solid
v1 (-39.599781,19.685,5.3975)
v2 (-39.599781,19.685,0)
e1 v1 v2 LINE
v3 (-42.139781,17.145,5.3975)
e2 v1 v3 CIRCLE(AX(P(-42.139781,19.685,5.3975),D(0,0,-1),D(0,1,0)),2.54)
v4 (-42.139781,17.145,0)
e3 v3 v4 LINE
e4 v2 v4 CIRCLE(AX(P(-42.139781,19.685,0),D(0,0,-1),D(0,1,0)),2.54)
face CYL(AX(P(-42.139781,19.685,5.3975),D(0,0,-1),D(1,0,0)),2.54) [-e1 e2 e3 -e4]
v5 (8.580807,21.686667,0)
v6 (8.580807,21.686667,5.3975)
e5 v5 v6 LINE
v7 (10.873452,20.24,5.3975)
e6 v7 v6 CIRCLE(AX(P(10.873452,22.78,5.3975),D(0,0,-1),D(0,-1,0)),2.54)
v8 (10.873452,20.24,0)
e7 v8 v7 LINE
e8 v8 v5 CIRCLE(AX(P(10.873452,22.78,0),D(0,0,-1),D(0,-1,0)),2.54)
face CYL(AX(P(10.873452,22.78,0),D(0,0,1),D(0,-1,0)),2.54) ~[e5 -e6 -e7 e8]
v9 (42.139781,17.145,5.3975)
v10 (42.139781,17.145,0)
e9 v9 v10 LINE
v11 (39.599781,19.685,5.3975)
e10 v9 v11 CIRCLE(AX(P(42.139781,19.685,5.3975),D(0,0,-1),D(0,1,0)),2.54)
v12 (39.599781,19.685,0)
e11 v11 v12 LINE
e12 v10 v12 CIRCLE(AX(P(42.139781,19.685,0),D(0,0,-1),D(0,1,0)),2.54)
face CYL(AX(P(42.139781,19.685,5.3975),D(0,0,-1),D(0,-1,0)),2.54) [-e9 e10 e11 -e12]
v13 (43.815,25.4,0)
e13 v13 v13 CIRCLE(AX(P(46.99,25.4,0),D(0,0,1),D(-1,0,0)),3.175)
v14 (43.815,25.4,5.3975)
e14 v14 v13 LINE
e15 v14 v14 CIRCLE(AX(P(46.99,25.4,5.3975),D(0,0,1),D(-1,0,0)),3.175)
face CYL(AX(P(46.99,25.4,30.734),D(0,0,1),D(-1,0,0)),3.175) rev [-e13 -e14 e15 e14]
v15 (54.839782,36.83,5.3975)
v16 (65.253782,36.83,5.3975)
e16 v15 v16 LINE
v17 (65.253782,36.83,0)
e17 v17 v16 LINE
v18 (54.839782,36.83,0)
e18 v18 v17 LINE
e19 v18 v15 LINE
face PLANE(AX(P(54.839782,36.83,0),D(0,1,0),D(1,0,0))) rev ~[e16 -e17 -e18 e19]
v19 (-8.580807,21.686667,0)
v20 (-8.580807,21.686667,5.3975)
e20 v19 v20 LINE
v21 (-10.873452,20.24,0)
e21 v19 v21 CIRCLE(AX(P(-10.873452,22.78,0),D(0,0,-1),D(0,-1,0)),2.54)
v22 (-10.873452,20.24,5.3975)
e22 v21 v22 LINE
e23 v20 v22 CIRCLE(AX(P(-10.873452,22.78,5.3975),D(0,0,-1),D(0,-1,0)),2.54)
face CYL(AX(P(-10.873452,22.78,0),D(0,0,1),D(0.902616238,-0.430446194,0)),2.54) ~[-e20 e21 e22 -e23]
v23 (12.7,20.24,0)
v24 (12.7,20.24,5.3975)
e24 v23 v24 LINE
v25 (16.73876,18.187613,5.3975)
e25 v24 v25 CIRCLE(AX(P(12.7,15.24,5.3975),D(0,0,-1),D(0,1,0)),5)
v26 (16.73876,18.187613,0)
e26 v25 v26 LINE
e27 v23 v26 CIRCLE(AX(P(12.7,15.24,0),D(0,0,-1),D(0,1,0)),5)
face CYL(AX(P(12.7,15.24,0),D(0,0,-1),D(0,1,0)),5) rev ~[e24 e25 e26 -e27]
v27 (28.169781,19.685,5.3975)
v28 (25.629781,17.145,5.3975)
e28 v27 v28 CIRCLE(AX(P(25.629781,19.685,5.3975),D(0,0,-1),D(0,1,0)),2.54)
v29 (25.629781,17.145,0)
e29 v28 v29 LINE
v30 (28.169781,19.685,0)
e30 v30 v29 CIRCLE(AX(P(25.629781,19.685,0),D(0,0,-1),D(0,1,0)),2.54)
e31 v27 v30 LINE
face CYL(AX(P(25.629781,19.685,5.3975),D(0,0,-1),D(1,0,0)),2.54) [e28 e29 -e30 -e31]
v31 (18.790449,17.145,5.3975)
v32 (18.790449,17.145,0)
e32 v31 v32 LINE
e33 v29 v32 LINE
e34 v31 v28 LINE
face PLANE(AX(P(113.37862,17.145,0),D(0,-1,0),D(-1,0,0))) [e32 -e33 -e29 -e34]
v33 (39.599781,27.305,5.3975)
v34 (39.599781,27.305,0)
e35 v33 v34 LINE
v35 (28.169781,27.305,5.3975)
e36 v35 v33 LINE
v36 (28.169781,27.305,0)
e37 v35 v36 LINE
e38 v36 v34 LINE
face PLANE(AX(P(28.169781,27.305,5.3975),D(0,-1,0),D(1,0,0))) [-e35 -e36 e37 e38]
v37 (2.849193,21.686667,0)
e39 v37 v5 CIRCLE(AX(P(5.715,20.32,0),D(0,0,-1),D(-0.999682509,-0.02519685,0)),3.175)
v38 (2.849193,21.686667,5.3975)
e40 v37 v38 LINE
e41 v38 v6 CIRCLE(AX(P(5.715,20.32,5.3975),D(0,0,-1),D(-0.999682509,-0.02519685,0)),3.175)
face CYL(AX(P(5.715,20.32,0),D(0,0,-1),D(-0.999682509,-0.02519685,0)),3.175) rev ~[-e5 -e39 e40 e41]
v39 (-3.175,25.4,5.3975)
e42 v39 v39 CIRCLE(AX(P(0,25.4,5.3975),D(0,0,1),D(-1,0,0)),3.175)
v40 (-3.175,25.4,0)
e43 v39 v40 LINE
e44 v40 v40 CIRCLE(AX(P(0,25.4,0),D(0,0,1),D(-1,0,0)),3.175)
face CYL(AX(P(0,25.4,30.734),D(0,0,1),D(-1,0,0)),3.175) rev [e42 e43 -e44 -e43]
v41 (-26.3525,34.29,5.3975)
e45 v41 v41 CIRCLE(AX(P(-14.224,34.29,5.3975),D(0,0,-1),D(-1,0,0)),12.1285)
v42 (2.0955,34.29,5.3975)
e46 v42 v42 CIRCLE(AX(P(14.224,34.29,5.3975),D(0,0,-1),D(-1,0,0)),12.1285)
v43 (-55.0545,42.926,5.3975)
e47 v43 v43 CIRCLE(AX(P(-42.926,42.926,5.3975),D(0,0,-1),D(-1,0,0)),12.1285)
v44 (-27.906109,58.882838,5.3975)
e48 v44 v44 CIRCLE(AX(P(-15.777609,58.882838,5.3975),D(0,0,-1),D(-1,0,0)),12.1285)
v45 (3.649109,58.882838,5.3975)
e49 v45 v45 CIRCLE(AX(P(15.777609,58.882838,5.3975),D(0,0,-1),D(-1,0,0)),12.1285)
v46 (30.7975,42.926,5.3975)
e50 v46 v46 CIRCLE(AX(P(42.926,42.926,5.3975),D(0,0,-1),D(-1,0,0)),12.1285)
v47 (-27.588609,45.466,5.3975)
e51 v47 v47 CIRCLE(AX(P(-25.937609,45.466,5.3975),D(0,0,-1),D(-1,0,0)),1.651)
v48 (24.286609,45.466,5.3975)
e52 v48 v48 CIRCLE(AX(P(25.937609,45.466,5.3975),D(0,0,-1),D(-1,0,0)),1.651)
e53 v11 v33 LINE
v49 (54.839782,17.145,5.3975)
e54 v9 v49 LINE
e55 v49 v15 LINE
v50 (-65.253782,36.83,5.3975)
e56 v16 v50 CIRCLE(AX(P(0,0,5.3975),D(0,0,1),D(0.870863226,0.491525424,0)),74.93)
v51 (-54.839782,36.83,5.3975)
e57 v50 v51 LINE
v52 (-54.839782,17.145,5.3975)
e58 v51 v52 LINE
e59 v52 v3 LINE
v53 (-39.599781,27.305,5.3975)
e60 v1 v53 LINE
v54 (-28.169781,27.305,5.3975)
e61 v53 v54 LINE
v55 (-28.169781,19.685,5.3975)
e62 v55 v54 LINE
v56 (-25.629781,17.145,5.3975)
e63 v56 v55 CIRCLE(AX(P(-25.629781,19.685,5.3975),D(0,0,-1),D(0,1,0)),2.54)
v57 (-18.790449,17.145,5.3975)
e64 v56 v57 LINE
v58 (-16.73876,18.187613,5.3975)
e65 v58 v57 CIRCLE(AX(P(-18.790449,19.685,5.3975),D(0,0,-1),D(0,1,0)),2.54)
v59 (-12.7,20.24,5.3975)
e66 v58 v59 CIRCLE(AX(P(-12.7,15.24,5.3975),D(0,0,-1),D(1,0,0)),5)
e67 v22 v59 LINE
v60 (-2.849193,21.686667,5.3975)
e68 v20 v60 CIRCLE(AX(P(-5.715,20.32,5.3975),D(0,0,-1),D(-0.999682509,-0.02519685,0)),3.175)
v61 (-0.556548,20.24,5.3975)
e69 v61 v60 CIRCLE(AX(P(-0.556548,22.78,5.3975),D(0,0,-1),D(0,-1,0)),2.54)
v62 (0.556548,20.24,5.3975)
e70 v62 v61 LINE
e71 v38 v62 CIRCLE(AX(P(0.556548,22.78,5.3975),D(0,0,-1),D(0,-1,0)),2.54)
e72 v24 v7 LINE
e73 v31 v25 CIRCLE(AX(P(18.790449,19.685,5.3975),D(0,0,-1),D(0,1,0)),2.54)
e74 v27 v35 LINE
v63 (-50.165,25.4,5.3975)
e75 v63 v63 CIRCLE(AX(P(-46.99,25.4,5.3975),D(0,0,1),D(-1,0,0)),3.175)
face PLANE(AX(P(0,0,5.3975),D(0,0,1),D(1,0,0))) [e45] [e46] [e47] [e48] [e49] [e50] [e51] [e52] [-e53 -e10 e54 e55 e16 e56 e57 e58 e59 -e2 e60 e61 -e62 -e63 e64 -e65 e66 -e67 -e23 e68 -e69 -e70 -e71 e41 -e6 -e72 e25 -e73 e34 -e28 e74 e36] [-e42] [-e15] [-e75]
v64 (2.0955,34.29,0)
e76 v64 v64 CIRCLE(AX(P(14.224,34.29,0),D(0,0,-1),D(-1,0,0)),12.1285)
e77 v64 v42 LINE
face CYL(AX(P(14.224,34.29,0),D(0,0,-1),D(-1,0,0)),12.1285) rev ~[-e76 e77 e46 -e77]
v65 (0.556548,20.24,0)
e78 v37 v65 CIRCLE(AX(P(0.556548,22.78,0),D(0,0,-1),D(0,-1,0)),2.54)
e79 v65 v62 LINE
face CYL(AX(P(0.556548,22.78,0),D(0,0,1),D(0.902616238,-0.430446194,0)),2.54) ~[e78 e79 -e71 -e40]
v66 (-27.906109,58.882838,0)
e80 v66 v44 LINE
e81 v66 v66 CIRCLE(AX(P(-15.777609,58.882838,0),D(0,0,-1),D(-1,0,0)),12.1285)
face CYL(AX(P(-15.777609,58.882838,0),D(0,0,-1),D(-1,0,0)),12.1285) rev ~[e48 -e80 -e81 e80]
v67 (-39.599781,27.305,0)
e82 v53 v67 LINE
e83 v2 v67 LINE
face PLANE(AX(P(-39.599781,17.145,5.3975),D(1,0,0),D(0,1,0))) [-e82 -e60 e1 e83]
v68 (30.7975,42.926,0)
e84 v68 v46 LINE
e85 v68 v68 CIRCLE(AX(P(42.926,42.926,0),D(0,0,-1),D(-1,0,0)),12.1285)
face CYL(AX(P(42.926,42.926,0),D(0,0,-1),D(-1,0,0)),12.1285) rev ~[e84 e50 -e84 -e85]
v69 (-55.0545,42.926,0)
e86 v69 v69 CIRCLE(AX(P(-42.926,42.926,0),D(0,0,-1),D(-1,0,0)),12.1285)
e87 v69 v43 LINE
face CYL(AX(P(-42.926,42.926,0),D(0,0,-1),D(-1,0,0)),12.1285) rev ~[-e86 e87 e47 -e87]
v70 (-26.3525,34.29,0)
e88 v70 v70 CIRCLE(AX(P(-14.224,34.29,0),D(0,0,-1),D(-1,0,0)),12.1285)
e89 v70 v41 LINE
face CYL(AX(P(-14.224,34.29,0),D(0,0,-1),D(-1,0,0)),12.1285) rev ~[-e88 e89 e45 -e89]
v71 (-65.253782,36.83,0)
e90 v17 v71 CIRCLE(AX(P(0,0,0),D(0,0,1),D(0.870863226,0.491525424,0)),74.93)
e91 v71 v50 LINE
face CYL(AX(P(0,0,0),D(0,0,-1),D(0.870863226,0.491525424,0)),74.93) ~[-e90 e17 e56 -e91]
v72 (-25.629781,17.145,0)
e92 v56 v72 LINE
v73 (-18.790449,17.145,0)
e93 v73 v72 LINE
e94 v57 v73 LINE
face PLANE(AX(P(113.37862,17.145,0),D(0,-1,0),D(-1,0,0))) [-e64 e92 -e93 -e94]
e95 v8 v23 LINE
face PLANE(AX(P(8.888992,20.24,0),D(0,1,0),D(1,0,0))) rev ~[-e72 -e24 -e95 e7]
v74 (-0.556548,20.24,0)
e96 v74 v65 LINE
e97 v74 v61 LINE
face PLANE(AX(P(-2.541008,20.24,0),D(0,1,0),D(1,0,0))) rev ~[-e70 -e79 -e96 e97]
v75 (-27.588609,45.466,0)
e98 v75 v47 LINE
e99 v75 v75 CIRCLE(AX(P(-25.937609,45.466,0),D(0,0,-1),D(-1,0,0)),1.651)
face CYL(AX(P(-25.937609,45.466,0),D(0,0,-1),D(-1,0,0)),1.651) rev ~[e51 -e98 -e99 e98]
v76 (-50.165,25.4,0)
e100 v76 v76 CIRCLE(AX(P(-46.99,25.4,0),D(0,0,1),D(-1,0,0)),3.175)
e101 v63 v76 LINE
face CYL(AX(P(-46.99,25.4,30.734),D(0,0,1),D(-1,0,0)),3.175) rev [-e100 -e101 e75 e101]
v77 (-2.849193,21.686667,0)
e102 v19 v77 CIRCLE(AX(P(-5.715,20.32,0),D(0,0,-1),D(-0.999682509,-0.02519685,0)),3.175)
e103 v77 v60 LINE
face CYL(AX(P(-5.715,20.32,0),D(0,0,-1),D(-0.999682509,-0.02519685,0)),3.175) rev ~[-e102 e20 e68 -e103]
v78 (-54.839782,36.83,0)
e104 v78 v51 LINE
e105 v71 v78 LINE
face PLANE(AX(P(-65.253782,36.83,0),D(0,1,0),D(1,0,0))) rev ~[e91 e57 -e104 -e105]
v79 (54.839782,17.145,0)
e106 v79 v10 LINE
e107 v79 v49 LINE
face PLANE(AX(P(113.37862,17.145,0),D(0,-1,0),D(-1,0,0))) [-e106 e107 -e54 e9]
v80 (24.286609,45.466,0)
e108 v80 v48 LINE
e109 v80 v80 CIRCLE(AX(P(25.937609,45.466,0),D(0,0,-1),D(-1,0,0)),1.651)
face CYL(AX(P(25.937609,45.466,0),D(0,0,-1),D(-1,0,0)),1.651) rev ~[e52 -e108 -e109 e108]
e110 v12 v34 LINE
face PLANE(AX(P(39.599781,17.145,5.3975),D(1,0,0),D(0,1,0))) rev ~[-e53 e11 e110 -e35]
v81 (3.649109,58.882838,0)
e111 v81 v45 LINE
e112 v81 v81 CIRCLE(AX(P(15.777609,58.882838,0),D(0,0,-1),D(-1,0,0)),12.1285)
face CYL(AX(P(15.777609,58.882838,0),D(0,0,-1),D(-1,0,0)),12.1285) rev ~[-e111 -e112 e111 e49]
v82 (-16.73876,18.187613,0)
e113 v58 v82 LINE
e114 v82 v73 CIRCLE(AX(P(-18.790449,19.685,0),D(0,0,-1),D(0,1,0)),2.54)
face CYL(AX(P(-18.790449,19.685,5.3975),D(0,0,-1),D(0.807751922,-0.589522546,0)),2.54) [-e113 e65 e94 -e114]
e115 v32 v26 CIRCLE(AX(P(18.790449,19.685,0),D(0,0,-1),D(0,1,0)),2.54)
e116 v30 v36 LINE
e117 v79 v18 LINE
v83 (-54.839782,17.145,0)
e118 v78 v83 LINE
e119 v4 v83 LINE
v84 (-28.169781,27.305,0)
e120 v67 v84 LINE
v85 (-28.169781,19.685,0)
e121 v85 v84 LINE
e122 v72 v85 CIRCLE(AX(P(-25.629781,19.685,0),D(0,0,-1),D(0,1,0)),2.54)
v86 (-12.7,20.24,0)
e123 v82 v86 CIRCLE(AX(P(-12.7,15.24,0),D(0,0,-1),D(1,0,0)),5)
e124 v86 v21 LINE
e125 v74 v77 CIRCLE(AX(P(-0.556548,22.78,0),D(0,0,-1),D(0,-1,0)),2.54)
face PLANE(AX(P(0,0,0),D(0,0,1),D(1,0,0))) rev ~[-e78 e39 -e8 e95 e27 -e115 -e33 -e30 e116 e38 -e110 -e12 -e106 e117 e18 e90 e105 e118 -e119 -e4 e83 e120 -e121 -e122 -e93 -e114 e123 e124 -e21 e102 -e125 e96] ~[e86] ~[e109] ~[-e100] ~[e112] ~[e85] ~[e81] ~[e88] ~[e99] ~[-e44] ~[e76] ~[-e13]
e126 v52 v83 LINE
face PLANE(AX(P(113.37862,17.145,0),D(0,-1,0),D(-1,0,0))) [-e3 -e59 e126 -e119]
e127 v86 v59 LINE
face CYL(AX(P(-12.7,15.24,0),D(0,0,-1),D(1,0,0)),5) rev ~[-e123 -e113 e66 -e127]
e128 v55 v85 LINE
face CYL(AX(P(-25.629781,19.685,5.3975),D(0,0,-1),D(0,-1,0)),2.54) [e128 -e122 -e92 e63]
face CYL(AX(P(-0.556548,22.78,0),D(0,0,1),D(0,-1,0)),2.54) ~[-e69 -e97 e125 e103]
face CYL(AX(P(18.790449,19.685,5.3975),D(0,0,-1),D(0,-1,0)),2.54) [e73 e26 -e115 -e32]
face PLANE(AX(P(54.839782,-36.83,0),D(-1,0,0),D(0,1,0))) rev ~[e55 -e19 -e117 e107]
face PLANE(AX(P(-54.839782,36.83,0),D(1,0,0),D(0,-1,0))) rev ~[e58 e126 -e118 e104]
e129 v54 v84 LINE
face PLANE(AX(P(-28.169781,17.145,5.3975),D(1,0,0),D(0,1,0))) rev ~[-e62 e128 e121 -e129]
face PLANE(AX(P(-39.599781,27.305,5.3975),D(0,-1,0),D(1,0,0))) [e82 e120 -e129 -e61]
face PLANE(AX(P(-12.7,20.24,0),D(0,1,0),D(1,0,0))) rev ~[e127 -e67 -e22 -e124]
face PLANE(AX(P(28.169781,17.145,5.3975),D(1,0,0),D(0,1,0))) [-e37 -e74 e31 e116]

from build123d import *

# Parameters (mm, degrees)
SKETCH1_R                 = 1.651
BOSS_EXTRUDE2_DEPTH       = 5.3975
SKETCH2_R                 = 1.143
CUT_EXTRUDE1_DEPTH        = 6.3975
SKETCH3_R                 = 12.1285
CUT_EXTRUDE2_DEPTH        = 6.3975
SKETCH4_W                 = 28.562713242
SKETCH4_H                 = 11.677503754
BOSS_EXTRUDE3_DEPTH       = 5.3975
SKETCH5_W                 = 230.699333954
SKETCH5_H                 = 107.587024537
CUT_EXTRUDE3_DEPTH        = 6.3975
SKETCH6_R                 = 12.1285
CUT_EXTRUDE4_DEPTH        = 6.3975
SKETCH162_W               = 11.43
SKETCH162_H               = 10.16
CUT_EXTRUDE159_DEPTH      = 6.3975
SKETCH202_R               = 1.651
CUT_EXTRUDE199_DEPTH      = 35.56
SKETCH203_R               = 3.175
CUT_EXTRUDE200_DEPTH      = 103.378
CUT_EXTRUDE200_DEPTH_BACK = 48.768
CUT_EXTRUDE162_DEPTH      = 30.48
FILLET1_R                 = 2.54


with BuildPart() as part:
    # Sketch1 → Boss-Extrude2 (new body)
    with BuildSketch(Plane.XY):
        with BuildLine():
            Line((-65.2537815, 36.83), (-54.8397815, 36.83))
            Line((-54.8397815, 36.83), (-54.8397815, -36.83))
            Line((-54.8397815, -36.83), (-65.2537815, -36.83))
            ThreePointArc((-65.2537815, -36.83), (0, -74.93), (65.2537815, -36.83))
            Line((65.2537815, -36.83), (54.8397815, -36.83))
            Line((54.8397815, -36.83), (54.8397815, 36.83))
            Line((54.8397815, 36.83), (65.2537815, 36.83))
            ThreePointArc((65.2537815, 36.83), (0, 74.93), (-65.2537815, 36.83))
        make_face()
        with Locations((-45.466, 11.049)):
            Circle(SKETCH1_R, mode=Mode.SUBTRACT)
        with Locations((-20.067270032, 10.795)):
            Circle(SKETCH1_R, mode=Mode.SUBTRACT)
        with Locations((-20.067270032, -10.795)):
            Circle(SKETCH1_R, mode=Mode.SUBTRACT)
        with Locations((-45.466, -11.049)):
            Circle(SKETCH1_R, mode=Mode.SUBTRACT)
        with Locations((45.466, -11.049)):
            Circle(SKETCH1_R, mode=Mode.SUBTRACT)
        with Locations((20.067270032, -10.795)):
            Circle(SKETCH1_R, mode=Mode.SUBTRACT)
        with Locations((20.067270032, 10.795)):
            Circle(SKETCH1_R, mode=Mode.SUBTRACT)
        with Locations((45.466, 11.049)):
            Circle(SKETCH1_R, mode=Mode.SUBTRACT)
    extrude(amount=BOSS_EXTRUDE2_DEPTH)

    # Sketch2 → Cut-Extrude1 (cut, through all)
    with BuildSketch(Plane.XY.offset(5.3975)):
        with Locations((-6.731, 62.23)):
            Circle(SKETCH2_R)
        with Locations((6.731, 62.23)):
            Circle(SKETCH2_R)
    extrude(amount=-CUT_EXTRUDE1_DEPTH, mode=Mode.SUBTRACT)

    # Sketch3 → Cut-Extrude2 (cut, through all)
    with BuildSketch(Plane(origin=(0, 0, 0), x_dir=(-1, 0, 0), z_dir=(0, 0, -1))):
        with Locations((-14.224, -56.725087043)):
            Circle(SKETCH3_R)
        with Locations((14.224, -56.725087043)):
            Circle(SKETCH3_R)
        with Locations((-42.926, -42.926)):
            Circle(SKETCH3_R)
        with Locations((14.224, 34.29)):
            Circle(SKETCH3_R)
        with Locations((-14.224, 34.29)):
            Circle(SKETCH3_R)
        with Locations((-42.926, 42.926)):
            Circle(SKETCH3_R)
        with Locations((42.926, 42.926)):
            Circle(SKETCH3_R)
        with Locations((42.926, -42.926)):
            Circle(SKETCH3_R)
    extrude(amount=-CUT_EXTRUDE2_DEPTH, mode=Mode.SUBTRACT)

    # Sketch4 → Boss-Extrude3 (add)
    with BuildSketch(Plane(origin=(0, 0, 0), x_dir=(-1, 0, 0), z_dir=(0, 0, -1))):
        with Locations((-1.488809975, 62.152540216)):
            Rectangle(SKETCH4_W, SKETCH4_H)
    extrude(amount=-BOSS_EXTRUDE3_DEPTH)

    # Sketch5 → Cut-Extrude3 (cut, through all)
    with BuildSketch(Plane(origin=(0, 0, 0), x_dir=(-1, 0, 0), z_dir=(0, 0, -1))):
        with Locations((1.971047261, -36.648512269)):
            Rectangle(SKETCH5_W, SKETCH5_H)
    extrude(amount=-CUT_EXTRUDE3_DEPTH, mode=Mode.SUBTRACT)

    # Sketch6 → Cut-Extrude4 (cut, through all)
    with BuildSketch(Plane(origin=(0, 0, 0), x_dir=(-1, 0, 0), z_dir=(0, 0, -1))):
        with Locations((-15.777608989, 58.882838371)):
            Circle(SKETCH6_R)
        with Locations((15.777608989, 58.882838371)):
            Circle(SKETCH6_R)
    extrude(amount=-CUT_EXTRUDE4_DEPTH, mode=Mode.SUBTRACT)

    # Sketch162 → Cut-Extrude159 (cut, through all)
    with BuildSketch(Plane.XY.offset(5.3975)):
        with Locations((33.8847815, 22.225)):
            Rectangle(SKETCH162_W, SKETCH162_H)
        with Locations((-33.8847815, 22.225)):
            Rectangle(SKETCH162_W, SKETCH162_H)
    extrude(amount=-CUT_EXTRUDE159_DEPTH, mode=Mode.SUBTRACT)

    # Sketch202 → Cut-Extrude199 (cut)
    with BuildSketch(Plane(origin=(0, 0, 0), x_dir=(-1, 0, 0), z_dir=(0, 0, -1))):
        with Locations((25.937608989, 45.466)):
            Circle(SKETCH202_R)
        with Locations((-25.937608989, 45.466)):
            Circle(SKETCH202_R)
    extrude(amount=-CUT_EXTRUDE199_DEPTH, mode=Mode.SUBTRACT)

    # Sketch203 → Cut-Extrude200 (cut, two sides)
    with BuildSketch(Plane(origin=(30.092005081, 4.08352975, 30.734), x_dir=(-1, 0, 0), z_dir=(0, 0, -1))) as cut_extrude200_sk:
        with Locations((-16.897994919, 21.31647025)):
            Circle(SKETCH203_R)
        with Locations((77.082005081, 21.31647025)):
            Circle(SKETCH203_R)
        with Locations((30.092005081, 21.31647025)):
            Circle(SKETCH203_R)
    extrude(amount=CUT_EXTRUDE200_DEPTH, mode=Mode.SUBTRACT)
    extrude(cut_extrude200_sk.sketch, amount=-CUT_EXTRUDE200_DEPTH_BACK, mode=Mode.SUBTRACT)

    # Sketch165 → Cut-Extrude162 (cut)
    with BuildSketch(Plane(origin=(0, 0, 0), x_dir=(-1, 0, 0), z_dir=(0, 0, -1))):
        with BuildLine():
            Line((12.7, 20.24), (8.888991966, 20.24))
            ThreePointArc((8.888991966, 20.24), (5.715, 23.495), (2.541008034, 20.24))
            Line((2.541008034, 20.24), (-2.541008034, 20.24))
            ThreePointArc((-2.541008034, 20.24), (-5.715, 23.495), (-8.888991966, 20.24))
            Line((-8.888991966, 20.24), (-12.7, 20.24))
            ThreePointArc((-12.7, 20.24), (-16.235533906, 11.704466094), (-7.7, 15.24))
            Line((-7.7, 15.24), (7.7, 15.24))
            ThreePointArc((7.7, 15.24), (16.235533906, 11.704466094), (12.7, 20.24))
        make_face()
    extrude(amount=-CUT_EXTRUDE162_DEPTH, mode=Mode.SUBTRACT)

    # Fillet1
    fillet1_edges = [part.edges().sort_by_distance(p)[0] for p in [
        (39.5997815, 17.145, 2.69875),
        (28.1697815, 17.145, 2.69875),
        (-28.1697815, 17.145, 2.69875),
        (-39.5997815, 17.145, 2.69875),
        (-17.322875188, 17.145, 2.69875),
        (17.322875188, 17.145, 2.69875),
        (8.888991966, 20.24, 2.69875),
        (2.541008034, 20.24, 2.69875),
        (-2.541008034, 20.24, 2.69875),
        (-8.888991966, 20.24, 2.69875),
    ]]
    fillet(fillet1_edges, radius=FILLET1_R)


solid = part.part
